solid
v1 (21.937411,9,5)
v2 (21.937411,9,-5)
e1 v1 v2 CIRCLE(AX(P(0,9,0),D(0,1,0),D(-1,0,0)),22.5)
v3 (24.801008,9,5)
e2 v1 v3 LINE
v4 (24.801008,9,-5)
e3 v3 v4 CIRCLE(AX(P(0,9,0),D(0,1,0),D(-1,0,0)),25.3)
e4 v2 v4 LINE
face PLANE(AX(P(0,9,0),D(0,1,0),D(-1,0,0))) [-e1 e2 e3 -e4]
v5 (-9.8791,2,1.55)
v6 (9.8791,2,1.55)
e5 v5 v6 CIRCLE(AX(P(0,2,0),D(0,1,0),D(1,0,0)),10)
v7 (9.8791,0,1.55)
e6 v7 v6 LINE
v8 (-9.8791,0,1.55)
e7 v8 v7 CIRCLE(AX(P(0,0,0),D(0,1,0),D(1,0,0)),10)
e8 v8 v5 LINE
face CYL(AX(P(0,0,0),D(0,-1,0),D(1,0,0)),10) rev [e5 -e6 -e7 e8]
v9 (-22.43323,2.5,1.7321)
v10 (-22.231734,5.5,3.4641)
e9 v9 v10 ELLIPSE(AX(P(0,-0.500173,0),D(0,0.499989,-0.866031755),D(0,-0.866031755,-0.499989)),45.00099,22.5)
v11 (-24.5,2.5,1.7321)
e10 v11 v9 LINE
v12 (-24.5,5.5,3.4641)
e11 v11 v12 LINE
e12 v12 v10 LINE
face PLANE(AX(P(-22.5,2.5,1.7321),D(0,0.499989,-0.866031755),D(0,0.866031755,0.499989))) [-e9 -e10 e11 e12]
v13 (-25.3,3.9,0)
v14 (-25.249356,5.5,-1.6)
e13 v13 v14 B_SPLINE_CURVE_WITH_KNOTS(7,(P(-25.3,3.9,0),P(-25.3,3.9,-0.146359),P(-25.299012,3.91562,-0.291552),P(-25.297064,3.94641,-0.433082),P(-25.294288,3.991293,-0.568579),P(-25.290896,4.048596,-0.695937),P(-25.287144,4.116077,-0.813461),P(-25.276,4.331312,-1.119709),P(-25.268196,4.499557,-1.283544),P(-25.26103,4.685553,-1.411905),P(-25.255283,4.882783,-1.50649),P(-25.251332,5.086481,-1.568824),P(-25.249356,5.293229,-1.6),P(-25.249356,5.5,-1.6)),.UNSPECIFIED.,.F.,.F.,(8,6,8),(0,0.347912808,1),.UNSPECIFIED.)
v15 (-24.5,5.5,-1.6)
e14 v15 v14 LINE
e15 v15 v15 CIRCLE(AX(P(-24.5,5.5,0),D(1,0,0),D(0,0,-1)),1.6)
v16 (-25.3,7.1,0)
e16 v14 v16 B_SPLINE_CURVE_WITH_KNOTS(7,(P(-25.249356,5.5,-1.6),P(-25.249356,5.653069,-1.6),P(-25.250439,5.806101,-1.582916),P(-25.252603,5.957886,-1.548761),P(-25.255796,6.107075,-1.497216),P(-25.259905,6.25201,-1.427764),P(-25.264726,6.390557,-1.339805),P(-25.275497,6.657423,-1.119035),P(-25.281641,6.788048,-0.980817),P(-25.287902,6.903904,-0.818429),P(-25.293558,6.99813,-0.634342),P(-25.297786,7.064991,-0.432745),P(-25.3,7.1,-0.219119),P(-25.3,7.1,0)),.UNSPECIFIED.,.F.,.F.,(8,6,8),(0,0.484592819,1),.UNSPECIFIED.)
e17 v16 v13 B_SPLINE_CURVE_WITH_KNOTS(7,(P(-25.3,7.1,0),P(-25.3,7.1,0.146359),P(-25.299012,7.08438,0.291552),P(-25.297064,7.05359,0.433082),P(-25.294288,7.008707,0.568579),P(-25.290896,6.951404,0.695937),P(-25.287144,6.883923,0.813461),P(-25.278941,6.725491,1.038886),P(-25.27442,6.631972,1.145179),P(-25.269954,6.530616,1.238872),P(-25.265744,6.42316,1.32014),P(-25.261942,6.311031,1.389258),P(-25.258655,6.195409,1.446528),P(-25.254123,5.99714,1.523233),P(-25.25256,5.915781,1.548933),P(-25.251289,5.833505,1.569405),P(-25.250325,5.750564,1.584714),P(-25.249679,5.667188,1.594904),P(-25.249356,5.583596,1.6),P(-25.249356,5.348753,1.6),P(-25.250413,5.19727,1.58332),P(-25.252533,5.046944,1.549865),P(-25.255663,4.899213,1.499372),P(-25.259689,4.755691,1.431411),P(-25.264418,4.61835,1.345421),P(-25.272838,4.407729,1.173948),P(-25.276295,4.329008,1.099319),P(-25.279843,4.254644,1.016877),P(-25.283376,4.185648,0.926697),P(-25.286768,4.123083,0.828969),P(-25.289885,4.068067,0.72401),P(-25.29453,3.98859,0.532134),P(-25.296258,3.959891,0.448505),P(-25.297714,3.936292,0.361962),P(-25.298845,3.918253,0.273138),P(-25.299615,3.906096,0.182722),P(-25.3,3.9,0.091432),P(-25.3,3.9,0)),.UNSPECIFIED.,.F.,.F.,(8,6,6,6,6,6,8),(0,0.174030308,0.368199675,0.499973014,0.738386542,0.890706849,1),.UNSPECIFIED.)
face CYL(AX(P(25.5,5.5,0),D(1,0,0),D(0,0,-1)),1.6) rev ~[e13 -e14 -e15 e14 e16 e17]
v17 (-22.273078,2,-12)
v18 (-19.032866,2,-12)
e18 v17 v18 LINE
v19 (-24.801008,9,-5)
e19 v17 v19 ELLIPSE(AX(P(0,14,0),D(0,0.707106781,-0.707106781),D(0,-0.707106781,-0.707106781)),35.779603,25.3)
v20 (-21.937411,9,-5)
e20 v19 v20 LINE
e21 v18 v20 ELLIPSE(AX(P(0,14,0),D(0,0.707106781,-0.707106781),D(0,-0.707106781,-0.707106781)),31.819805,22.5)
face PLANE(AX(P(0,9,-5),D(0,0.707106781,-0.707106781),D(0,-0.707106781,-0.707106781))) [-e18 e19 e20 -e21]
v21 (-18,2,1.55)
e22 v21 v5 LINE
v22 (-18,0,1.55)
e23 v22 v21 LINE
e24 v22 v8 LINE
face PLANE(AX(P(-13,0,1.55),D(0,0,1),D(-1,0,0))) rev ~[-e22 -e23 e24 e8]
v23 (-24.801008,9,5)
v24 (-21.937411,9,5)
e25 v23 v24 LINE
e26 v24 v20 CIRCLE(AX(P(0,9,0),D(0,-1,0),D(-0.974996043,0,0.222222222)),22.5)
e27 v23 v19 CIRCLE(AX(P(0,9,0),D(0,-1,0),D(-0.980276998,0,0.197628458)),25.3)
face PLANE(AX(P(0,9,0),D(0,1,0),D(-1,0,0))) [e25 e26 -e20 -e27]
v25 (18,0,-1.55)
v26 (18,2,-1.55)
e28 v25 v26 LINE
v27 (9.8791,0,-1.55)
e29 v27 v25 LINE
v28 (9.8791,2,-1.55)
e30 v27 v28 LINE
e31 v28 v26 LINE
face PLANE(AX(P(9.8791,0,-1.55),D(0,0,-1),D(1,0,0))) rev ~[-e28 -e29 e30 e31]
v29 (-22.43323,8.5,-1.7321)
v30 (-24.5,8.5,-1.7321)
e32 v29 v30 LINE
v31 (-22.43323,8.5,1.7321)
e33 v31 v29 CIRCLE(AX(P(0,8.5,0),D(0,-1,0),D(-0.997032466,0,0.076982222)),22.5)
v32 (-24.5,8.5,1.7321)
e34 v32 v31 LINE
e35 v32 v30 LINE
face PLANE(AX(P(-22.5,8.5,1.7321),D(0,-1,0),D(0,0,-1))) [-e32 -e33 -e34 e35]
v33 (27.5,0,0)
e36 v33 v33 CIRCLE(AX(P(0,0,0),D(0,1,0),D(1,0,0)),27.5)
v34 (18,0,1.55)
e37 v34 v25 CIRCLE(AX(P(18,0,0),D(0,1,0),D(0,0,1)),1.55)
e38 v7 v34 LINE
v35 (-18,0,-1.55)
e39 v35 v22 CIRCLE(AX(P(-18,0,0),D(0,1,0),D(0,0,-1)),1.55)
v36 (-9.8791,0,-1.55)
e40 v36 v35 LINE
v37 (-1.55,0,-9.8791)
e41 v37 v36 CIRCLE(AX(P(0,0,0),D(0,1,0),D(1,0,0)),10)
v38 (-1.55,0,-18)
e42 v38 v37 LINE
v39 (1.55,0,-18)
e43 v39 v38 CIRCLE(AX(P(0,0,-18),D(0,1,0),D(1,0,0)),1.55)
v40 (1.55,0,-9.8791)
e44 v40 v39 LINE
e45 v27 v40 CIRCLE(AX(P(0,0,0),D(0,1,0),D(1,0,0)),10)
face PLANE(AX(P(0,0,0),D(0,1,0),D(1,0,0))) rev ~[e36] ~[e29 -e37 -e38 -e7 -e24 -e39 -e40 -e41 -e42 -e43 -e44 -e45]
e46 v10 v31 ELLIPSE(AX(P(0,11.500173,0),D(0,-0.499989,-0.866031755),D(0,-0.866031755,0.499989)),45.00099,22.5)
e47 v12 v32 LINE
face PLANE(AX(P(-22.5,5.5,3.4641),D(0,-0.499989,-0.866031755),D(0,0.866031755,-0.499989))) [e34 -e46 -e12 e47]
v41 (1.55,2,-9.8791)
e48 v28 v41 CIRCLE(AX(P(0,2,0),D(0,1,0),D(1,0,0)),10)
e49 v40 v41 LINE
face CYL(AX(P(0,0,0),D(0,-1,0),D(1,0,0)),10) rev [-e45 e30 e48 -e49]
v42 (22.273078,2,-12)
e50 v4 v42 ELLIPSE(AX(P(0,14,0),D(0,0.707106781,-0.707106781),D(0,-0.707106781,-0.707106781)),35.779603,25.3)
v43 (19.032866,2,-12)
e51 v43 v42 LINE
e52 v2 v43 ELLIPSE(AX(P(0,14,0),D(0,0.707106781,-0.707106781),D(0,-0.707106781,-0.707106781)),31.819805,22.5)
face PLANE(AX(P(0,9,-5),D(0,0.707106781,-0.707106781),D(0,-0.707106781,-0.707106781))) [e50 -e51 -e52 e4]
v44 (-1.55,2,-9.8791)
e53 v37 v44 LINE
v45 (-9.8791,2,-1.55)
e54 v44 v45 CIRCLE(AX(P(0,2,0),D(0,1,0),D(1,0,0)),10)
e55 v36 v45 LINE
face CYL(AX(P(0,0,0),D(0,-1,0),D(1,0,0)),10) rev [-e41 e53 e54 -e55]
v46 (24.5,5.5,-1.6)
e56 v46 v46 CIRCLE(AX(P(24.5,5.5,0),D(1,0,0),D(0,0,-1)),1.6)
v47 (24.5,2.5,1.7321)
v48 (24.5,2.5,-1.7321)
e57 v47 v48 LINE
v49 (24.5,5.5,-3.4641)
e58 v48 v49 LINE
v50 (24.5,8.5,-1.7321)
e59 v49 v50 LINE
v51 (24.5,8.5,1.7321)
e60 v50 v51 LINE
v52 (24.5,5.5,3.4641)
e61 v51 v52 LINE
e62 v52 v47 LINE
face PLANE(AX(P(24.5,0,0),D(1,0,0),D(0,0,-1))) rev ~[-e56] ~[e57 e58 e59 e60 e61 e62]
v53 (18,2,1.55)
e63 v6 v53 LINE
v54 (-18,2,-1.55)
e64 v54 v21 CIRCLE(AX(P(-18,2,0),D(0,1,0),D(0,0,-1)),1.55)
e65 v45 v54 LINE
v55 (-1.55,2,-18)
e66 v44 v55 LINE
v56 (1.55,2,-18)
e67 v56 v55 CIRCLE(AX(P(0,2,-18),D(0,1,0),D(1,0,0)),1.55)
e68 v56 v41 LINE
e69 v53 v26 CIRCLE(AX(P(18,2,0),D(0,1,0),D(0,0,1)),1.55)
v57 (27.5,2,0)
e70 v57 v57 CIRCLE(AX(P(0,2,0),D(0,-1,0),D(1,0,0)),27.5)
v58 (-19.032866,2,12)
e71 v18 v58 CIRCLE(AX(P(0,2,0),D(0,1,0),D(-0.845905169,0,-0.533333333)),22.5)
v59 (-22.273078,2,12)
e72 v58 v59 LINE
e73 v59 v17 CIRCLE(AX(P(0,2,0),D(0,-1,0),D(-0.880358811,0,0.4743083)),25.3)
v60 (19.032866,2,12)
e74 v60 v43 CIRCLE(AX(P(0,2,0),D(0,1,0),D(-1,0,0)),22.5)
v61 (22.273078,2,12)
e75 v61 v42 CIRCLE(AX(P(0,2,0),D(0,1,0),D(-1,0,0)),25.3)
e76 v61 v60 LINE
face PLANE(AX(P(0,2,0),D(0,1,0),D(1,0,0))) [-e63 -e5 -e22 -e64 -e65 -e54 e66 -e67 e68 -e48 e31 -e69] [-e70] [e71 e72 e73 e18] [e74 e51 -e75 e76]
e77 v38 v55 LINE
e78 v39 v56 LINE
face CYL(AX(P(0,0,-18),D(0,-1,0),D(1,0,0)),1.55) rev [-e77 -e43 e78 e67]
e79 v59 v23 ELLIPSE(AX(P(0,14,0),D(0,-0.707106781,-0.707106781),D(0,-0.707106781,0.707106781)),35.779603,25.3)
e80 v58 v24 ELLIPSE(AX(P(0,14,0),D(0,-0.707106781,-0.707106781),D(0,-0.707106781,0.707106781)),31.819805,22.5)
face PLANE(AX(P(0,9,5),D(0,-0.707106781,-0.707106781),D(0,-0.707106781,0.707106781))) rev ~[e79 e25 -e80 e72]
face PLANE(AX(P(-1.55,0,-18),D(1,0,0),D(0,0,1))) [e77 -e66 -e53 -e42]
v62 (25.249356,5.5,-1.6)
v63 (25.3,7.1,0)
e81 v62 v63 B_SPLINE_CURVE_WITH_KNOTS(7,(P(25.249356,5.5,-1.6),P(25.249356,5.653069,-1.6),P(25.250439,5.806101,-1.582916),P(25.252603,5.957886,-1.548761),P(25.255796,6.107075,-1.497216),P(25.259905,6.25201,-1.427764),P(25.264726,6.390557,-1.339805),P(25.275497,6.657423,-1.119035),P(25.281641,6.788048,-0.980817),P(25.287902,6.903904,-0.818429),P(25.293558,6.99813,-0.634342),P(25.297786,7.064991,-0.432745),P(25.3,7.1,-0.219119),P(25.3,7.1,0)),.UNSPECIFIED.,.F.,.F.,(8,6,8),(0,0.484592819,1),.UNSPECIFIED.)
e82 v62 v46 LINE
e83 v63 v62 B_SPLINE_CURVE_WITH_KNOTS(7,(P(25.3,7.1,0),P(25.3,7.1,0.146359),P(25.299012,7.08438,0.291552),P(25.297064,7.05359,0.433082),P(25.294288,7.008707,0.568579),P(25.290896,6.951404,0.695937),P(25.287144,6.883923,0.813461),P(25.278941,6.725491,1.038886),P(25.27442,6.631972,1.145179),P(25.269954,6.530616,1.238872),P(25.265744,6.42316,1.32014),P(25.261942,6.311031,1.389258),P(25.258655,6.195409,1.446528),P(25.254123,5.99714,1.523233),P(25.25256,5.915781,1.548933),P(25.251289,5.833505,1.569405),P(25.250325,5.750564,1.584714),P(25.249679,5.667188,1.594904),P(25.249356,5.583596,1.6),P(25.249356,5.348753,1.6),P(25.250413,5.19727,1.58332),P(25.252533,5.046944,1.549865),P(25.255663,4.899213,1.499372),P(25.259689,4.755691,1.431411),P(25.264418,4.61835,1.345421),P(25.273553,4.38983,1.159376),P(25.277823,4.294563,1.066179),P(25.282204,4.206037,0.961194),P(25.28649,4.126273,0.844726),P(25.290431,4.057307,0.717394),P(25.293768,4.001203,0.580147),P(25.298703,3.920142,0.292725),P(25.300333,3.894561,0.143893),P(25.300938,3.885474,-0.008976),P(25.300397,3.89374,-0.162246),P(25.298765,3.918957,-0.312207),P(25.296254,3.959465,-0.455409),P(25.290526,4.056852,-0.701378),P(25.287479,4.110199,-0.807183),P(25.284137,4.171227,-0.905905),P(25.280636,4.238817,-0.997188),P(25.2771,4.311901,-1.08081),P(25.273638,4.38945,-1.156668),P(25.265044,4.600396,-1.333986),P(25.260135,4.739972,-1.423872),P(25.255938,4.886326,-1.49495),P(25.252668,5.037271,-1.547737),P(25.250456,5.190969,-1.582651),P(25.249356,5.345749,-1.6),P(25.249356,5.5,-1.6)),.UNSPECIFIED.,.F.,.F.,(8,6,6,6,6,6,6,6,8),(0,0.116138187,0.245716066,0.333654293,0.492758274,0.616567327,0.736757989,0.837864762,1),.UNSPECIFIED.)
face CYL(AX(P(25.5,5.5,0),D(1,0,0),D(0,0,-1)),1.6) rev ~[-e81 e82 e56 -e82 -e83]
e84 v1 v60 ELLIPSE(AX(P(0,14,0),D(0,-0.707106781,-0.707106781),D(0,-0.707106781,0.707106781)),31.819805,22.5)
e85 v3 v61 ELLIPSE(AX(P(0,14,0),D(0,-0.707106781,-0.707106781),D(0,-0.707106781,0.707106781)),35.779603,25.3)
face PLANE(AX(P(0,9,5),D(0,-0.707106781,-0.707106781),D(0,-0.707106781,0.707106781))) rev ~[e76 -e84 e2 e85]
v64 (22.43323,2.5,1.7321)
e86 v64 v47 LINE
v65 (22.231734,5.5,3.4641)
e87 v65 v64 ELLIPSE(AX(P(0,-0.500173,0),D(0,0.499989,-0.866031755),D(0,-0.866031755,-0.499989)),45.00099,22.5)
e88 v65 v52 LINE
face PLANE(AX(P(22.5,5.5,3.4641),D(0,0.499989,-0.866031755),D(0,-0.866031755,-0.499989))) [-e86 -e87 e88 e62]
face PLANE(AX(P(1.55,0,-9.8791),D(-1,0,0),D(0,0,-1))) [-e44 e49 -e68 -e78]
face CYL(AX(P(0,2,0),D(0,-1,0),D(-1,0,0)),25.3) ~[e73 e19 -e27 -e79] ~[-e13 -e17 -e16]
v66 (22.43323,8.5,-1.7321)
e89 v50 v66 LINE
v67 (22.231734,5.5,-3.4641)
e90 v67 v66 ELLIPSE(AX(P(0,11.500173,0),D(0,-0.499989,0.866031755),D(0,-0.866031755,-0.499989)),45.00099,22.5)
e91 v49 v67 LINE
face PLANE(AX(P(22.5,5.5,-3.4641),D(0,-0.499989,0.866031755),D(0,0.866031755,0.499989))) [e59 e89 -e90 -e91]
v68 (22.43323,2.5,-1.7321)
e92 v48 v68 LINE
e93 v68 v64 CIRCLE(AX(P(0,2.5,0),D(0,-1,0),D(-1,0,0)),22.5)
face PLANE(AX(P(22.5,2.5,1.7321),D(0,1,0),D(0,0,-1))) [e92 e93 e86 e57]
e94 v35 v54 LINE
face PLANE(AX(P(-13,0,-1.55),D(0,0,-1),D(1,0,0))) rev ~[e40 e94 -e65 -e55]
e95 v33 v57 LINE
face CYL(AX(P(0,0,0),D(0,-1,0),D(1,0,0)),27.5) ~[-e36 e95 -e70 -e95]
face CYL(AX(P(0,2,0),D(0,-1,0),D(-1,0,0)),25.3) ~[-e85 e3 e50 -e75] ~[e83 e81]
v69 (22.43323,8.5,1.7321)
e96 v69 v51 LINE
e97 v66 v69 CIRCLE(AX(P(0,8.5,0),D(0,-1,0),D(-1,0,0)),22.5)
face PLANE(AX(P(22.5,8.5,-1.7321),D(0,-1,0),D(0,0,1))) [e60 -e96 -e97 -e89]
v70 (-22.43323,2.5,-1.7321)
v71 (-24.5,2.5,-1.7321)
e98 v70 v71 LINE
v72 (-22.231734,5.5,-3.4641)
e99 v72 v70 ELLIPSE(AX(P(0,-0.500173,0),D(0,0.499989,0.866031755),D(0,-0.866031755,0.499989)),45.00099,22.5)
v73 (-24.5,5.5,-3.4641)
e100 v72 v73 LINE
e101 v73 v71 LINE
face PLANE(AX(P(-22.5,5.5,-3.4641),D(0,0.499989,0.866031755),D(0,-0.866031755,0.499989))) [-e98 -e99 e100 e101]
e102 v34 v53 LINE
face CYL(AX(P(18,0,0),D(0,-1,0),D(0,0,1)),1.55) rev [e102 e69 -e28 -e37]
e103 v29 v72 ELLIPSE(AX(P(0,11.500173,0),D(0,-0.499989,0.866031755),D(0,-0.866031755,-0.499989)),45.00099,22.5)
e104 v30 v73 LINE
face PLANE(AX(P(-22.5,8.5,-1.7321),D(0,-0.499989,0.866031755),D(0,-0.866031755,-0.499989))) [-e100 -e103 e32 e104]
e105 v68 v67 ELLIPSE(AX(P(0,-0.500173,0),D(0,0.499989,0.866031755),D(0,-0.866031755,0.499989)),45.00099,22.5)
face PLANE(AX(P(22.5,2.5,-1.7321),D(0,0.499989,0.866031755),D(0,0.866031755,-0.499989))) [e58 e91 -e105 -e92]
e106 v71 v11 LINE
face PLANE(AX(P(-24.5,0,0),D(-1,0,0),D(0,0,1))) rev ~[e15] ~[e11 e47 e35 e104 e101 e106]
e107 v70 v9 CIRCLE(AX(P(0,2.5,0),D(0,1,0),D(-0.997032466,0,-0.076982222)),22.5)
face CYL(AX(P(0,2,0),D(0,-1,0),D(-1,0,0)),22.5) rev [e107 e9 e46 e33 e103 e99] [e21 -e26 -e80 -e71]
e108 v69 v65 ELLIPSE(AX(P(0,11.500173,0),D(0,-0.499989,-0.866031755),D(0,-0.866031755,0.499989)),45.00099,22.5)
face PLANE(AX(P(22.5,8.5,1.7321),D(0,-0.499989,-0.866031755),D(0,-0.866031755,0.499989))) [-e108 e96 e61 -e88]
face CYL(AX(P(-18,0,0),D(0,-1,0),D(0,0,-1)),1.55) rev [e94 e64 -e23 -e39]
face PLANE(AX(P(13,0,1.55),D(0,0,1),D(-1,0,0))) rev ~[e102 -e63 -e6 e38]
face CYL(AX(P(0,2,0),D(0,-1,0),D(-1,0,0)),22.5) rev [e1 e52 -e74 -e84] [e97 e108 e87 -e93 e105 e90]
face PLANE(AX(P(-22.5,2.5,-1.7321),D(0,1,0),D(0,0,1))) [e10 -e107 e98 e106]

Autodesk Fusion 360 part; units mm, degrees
sketch "Sketch1" plane through (0, 0, 0) normal (0, 1, 0) x (1, 0, 0)
  circle A0 centre (0, 0) radius 27.5
  circle A1 centre (0, 0) radius 10
  line L0 (0, 0) -> (13, 0)
  line L1 (0, 0) -> (0, 13)
  line L2 (0, 0) -> (-13, 0)
  line L3 (-13, 0) -> (-13, 1.55)
  line L4 (-13, 1.55) -> (-18, 1.55)
  line L5 (-13, 1.55) -> (-9.8791, 1.55)
  line L6 (-13, 0) -> (-13, -1.55)
  line L7 (-13, -1.55) -> (-9.8791, -1.55)
  line L8 (-13, -1.55) -> (-18, -1.55)
  line L9 (0, 13) -> (1.55, 13)
  line L10 (1.55, 13) -> (1.55, 18)
  line L11 (1.55, 18) -> (-1.55, 18)
  line L12 (-1.55, 18) -> (-1.55, 9.8791)
  line L13 (1.55, 9.8791) -> (1.55, 18)
  line L14 (13, 0) -> (13, -1.55)
  line L15 (13, -1.55) -> (18, -1.55)
  line L16 (18, -1.55) -> (9.8791, -1.55)
  line L17 (9.8791, 1.55) -> (18, 1.55)
  line L18 (18, 1.55) -> (18, -1.55)
  arc A2 (-18, 1.55) -> (-18, -1.55) centre (-18, 0) ccw
  arc A3 (1.55, 18) -> (-1.55, 18) centre (0, 18) ccw
  arc A4 (18, -1.55) -> (18, 1.55) centre (18, 0) ccw
  dimension "d12" = 13
  dimension "d13" = 13
  dimension "d14" = 13
  dimension "d15" = 1.55
  dimension "d16" = 5
  dimension "d17" = 1.55
  dimension "d18" = 1.55
  dimension "d19" = 5
  dimension "d20" = 3.1
  dimension "d21" = 1.55
  dimension "d22" = 5
  dimension "d23" = 3.1
extrude "Extrude1" add sketch "Sketch1" along normal blind 2
sketch "Sketch2" plane through (0, 2, 0) normal (0, 1, 0) x (-1, 0, 0)
  line L0 (-18, 1.55) -> (-9.8791, 1.55)
  arc A0 (9.8791, 1.55) -> (-9.8791, 1.55) centre (0, 0) ccw
  line L1 (9.8791, 1.55) -> (18, 1.55)
  arc A1 (18, -1.55) -> (18, 1.55) centre (18, 0) ccw
  line L2 (18, -1.55) -> (9.8791, -1.55)
  arc A2 (1.55, -9.8791) -> (9.8791, -1.55) centre (0, 0) ccw
  line L3 (1.55, -9.8791) -> (1.55, -18)
  arc A3 (-1.55, -18) -> (1.55, -18) centre (0, -18) ccw
  line L4 (-1.55, -18) -> (-1.55, -9.8791)
  arc A4 (-9.8791, -1.55) -> (-1.55, -9.8791) centre (0, 0) ccw
  line L5 (-9.8791, -1.55) -> (-18, -1.55)
  arc A5 (-18, 1.55) -> (-18, -1.55) centre (-18, 0) ccw
  circle A6 centre (0, 0) radius 27.5
  circle A7 centre (0, 0) radius 25.3
  circle A8 centre (0, 0) radius 22.5
  dimension "d26" = 50.6
  dimension "d27" = 45
extrude "Extrude2" add sketch "Sketch2" along normal blind 7 contours A7
ref_plane "WorkPlane2" through (25.5, 0, 0) normal (1, 0, 0) x (0, 1, 0)
sketch "Sketch4" plane through (25.5, 0, 0) normal (1, 0, 0) x (0, 0, -1)
  line L0 (0, 9) -> (0, 5.5)
  circle A0 centre (0, 5.5) radius 1.6
  point P0 (0, 9)
  dimension "d35" = 3.5
  dimension "d36" = 3.2
extrude "Extrude4" cut sketch "Sketch4" against normal through all
ref_plane "WorkPlane3" through (22.5, 0, 0) normal (1, 0, 0) x (0, 1, 0)
sketch "Sketch5" plane through (22.5, 0, 0) normal (1, 0, 0) x (0, 0, -1)
  line L0 (-1.7321, 8.5) -> (-3.4641, 5.5)
  line L1 (-3.4641, 5.5) -> (-1.7321, 2.5)
  line L2 (-1.7321, 2.5) -> (1.7321, 2.5)
  line L3 (1.7321, 2.5) -> (3.4641, 5.5)
  line L4 (3.4641, 5.5) -> (1.7321, 8.5)
  line L5 (1.7321, 8.5) -> (-1.7321, 8.5)
  point P0 (0, 5.5)
extrude "Extrude5" cut sketch "Sketch5" along normal blind 2 and the other way blind 1
pattern_circular "C-Pattern1" count 2 over 360 about axis through (0, 1.75, 0) along (0, 1, 0) of "Extrude5"
sketch "Sketch6" plane through (0, 0, 0) normal (1, 0, 0) x (0, 0, -1)
  line L0 (0, 9) -> (-2, 9)
  line L1 (1.55, 2) -> (9.8791, 2)
  line L2 (27.5, 2) -> (-27.5, 2)
  line L3 (28, 9) -> (28, 2)
  line L4 (28, 2) -> (-25.7716, 2)
  line L5 (-25.7716, 2) -> (-25.7716, 9)
  line L6 (0, 9) -> (-5, 9)
  line L7 (0, 9) -> (5, 9)
  line L8 (5, 9) -> (12, 2)
  line L9 (5, 9) -> (14.8995, 9) construction
  line L10 (-5, 9) -> (-12, 2)
  line L11 (28, 9) -> (-26, 9)
  point P0 (0, 9)
  dimension "d46" = 2
  dimension "d52" = 5
  dimension "d53" = 5
  dimension "d54" = 45
extrude "Extrude8" cut sketch "Sketch6" along normal mid plane 57.44 contours L2 L3 L4 L8 L11 | L2 L4 L5 L10 L11
